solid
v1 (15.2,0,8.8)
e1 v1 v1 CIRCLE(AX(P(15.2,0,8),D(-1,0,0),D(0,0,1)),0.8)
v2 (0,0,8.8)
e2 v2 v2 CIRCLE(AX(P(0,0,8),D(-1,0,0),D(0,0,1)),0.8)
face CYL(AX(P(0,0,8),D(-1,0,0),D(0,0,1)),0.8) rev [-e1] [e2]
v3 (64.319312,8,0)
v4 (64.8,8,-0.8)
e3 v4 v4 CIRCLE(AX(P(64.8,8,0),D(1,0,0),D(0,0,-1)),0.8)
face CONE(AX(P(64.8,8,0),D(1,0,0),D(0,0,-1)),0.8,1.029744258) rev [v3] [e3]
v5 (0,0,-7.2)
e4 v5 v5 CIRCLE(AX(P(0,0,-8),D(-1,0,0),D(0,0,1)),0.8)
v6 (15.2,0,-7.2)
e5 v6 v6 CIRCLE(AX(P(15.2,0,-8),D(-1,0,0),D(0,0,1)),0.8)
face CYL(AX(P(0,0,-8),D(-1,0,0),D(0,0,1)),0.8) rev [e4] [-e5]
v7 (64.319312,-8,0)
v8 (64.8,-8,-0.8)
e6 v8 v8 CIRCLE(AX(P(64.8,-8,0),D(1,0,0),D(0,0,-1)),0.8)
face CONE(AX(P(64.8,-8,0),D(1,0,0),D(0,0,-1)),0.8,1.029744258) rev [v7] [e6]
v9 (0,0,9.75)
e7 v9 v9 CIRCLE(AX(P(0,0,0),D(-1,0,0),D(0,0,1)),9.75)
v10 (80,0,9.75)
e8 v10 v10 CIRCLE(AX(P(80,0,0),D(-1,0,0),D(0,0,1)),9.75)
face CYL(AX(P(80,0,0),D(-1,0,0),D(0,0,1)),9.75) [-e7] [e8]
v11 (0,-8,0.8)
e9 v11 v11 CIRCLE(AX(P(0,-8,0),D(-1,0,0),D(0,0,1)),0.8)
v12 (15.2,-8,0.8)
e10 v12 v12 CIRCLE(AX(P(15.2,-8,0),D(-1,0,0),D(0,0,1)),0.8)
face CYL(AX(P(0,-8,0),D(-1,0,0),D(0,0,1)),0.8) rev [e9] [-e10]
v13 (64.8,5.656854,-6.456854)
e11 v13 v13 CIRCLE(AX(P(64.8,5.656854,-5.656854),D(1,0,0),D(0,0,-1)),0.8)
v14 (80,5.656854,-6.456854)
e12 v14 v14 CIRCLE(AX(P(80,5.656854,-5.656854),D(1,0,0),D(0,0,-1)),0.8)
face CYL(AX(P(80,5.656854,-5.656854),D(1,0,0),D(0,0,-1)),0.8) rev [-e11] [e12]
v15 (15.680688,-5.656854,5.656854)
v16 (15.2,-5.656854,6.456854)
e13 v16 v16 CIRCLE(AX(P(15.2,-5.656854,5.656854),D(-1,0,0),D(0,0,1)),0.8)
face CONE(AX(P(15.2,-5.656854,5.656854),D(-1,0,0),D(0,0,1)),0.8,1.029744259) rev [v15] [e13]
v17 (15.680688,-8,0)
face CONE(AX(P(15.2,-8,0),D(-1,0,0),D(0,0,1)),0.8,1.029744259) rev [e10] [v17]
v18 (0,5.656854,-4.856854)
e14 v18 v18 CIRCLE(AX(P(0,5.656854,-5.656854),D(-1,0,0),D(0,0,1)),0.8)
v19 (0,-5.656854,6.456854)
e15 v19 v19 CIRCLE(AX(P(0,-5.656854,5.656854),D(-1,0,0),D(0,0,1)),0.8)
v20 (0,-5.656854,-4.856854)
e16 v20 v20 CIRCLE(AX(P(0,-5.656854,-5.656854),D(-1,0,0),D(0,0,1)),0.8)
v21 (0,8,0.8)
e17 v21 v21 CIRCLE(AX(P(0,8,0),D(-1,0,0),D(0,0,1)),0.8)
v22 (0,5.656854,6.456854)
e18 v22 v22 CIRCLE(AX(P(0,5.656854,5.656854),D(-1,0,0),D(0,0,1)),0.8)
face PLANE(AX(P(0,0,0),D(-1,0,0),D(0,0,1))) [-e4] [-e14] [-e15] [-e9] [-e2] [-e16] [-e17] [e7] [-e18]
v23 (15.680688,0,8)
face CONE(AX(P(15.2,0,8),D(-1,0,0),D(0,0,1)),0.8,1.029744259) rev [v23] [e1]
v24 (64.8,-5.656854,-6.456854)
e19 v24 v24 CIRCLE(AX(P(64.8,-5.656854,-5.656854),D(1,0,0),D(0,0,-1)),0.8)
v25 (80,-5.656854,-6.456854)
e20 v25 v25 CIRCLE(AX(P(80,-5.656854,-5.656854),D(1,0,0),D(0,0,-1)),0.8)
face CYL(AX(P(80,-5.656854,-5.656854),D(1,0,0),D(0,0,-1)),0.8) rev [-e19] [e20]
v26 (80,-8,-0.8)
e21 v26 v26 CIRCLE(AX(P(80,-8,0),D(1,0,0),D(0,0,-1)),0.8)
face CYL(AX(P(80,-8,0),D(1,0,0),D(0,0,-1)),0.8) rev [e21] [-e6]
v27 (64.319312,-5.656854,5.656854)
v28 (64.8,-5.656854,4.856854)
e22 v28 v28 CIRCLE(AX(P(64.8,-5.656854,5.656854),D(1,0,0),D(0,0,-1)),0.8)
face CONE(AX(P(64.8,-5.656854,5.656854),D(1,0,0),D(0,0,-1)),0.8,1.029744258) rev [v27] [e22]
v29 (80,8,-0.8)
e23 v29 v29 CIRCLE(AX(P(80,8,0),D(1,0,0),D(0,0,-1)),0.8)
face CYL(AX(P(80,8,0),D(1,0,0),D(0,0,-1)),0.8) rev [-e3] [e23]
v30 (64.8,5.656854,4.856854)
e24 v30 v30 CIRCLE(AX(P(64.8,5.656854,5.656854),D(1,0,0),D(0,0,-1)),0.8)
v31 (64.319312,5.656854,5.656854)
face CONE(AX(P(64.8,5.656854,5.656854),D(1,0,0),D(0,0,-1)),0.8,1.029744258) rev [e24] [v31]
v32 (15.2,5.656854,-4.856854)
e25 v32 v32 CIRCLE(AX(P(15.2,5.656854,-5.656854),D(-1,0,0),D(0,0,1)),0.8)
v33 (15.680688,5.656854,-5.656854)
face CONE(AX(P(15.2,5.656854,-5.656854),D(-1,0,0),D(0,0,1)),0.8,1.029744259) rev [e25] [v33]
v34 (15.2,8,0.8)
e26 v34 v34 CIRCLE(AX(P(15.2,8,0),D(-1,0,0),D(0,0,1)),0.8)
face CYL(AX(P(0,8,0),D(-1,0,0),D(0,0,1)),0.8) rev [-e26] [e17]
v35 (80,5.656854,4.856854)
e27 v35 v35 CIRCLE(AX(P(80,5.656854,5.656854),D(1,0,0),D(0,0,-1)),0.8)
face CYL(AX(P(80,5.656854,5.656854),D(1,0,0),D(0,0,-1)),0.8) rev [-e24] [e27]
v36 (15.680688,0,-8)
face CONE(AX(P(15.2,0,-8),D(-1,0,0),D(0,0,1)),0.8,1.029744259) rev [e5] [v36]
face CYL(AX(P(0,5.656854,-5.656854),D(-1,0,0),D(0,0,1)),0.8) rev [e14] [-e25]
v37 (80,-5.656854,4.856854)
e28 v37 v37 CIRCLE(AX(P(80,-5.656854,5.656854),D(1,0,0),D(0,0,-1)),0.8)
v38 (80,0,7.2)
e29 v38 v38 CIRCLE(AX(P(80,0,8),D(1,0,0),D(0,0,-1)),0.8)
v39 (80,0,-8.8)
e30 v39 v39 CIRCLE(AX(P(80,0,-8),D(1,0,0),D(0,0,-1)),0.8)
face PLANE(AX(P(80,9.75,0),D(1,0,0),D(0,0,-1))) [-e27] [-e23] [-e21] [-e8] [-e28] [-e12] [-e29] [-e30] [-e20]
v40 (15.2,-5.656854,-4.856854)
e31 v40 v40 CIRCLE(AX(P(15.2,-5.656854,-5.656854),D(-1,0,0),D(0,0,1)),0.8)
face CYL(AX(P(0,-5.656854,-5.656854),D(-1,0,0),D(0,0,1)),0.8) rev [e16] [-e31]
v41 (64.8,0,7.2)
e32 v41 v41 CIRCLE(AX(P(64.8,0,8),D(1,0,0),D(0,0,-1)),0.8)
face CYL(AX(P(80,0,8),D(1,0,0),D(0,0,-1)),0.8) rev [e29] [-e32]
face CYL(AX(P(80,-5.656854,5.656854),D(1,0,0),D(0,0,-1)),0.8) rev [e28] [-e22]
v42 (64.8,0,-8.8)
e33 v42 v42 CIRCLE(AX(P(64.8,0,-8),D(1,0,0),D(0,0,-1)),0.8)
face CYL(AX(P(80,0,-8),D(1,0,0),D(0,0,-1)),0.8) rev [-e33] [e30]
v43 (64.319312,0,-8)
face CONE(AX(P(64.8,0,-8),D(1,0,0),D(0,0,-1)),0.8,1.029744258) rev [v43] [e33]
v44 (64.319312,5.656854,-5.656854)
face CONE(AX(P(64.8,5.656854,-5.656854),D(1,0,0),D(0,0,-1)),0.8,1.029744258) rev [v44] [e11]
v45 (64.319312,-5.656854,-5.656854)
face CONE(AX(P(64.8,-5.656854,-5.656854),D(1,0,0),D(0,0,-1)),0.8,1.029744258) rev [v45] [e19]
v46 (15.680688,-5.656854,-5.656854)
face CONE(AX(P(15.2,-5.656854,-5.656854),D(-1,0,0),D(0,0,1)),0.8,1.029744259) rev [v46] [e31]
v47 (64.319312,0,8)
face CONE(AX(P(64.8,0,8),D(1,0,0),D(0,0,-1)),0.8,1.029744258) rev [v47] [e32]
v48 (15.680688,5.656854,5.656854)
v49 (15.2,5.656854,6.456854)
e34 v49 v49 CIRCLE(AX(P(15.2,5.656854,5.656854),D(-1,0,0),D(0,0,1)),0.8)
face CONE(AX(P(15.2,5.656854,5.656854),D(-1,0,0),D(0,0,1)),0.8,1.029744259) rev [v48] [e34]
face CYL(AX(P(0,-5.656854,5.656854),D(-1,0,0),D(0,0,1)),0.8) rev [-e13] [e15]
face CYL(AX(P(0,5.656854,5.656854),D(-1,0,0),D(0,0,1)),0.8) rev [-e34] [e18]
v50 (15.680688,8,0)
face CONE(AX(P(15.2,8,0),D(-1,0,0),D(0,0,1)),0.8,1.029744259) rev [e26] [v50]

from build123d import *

# Parameters (mm, degrees)
SKETCH_1_W                  = 80
SKETCH_1_H                  = 9.75
HOLE_WIZARD_1_6_1_6_1_D     = 1.6
HOLE_WIZARD_1_6_1_6_1_DEPTH = 15.2
HOLE_WIZARD_1_6_1_6_1_TIP   = 0.480688495
HOLE_WIZARD_1_6_1_6_2_D     = 1.6
HOLE_WIZARD_1_6_1_6_2_DEPTH = 15.2
HOLE_WIZARD_1_6_1_6_2_TIP   = 0.480688495


with BuildPart() as part:
    # 스케치1 → 회전1 (revolve)
    with BuildSketch(Plane(origin=(0, 0, 0), x_dir=(-1, 0, 0), z_dir=(0, 0, -1))):
        with Locations((-40, 4.875)):
            Rectangle(SKETCH_1_W, SKETCH_1_H)
    revolve(axis=Axis((80, 0, 0), (-1, 0, 0)))

    # Ø1.6 (1.6) 지름 구멍1
    with Locations(Plane.ZY):
        with Locations((0, 8), (-5.656854249, 5.656854249), (-8, 0), (-5.656854249, -5.656854249), (0, -8), (5.656854249, -5.656854249), (8, 0), (5.656854249, 5.656854249)):
            Hole(HOLE_WIZARD_1_6_1_6_1_D / 2, depth=HOLE_WIZARD_1_6_1_6_1_DEPTH)
            with Locations((0, 0, -(HOLE_WIZARD_1_6_1_6_1_DEPTH + HOLE_WIZARD_1_6_1_6_1_TIP / 2))):  # 118° drill point
                Cone(0, HOLE_WIZARD_1_6_1_6_1_D / 2, HOLE_WIZARD_1_6_1_6_1_TIP, mode=Mode.SUBTRACT)

    # Ø1.6 (1.6) 지름 구멍2
    with Locations(Plane(origin=(80, 0, 0), x_dir=(0, 0, -1), z_dir=(1, 0, 0))):
        with Locations((0, 8), (5.656854249, 5.656854249), (8, 0), (5.656854249, -5.656854249), (0, -8), (-5.656854249, -5.656854249), (-8, 0), (-5.656854249, 5.656854249)):
            Hole(HOLE_WIZARD_1_6_1_6_2_D / 2, depth=HOLE_WIZARD_1_6_1_6_2_DEPTH)
            with Locations((0, 0, -(HOLE_WIZARD_1_6_1_6_2_DEPTH + HOLE_WIZARD_1_6_1_6_2_TIP / 2))):  # 118° drill point
                Cone(0, HOLE_WIZARD_1_6_1_6_2_D / 2, HOLE_WIZARD_1_6_1_6_2_TIP, mode=Mode.SUBTRACT)


solid = part.part
